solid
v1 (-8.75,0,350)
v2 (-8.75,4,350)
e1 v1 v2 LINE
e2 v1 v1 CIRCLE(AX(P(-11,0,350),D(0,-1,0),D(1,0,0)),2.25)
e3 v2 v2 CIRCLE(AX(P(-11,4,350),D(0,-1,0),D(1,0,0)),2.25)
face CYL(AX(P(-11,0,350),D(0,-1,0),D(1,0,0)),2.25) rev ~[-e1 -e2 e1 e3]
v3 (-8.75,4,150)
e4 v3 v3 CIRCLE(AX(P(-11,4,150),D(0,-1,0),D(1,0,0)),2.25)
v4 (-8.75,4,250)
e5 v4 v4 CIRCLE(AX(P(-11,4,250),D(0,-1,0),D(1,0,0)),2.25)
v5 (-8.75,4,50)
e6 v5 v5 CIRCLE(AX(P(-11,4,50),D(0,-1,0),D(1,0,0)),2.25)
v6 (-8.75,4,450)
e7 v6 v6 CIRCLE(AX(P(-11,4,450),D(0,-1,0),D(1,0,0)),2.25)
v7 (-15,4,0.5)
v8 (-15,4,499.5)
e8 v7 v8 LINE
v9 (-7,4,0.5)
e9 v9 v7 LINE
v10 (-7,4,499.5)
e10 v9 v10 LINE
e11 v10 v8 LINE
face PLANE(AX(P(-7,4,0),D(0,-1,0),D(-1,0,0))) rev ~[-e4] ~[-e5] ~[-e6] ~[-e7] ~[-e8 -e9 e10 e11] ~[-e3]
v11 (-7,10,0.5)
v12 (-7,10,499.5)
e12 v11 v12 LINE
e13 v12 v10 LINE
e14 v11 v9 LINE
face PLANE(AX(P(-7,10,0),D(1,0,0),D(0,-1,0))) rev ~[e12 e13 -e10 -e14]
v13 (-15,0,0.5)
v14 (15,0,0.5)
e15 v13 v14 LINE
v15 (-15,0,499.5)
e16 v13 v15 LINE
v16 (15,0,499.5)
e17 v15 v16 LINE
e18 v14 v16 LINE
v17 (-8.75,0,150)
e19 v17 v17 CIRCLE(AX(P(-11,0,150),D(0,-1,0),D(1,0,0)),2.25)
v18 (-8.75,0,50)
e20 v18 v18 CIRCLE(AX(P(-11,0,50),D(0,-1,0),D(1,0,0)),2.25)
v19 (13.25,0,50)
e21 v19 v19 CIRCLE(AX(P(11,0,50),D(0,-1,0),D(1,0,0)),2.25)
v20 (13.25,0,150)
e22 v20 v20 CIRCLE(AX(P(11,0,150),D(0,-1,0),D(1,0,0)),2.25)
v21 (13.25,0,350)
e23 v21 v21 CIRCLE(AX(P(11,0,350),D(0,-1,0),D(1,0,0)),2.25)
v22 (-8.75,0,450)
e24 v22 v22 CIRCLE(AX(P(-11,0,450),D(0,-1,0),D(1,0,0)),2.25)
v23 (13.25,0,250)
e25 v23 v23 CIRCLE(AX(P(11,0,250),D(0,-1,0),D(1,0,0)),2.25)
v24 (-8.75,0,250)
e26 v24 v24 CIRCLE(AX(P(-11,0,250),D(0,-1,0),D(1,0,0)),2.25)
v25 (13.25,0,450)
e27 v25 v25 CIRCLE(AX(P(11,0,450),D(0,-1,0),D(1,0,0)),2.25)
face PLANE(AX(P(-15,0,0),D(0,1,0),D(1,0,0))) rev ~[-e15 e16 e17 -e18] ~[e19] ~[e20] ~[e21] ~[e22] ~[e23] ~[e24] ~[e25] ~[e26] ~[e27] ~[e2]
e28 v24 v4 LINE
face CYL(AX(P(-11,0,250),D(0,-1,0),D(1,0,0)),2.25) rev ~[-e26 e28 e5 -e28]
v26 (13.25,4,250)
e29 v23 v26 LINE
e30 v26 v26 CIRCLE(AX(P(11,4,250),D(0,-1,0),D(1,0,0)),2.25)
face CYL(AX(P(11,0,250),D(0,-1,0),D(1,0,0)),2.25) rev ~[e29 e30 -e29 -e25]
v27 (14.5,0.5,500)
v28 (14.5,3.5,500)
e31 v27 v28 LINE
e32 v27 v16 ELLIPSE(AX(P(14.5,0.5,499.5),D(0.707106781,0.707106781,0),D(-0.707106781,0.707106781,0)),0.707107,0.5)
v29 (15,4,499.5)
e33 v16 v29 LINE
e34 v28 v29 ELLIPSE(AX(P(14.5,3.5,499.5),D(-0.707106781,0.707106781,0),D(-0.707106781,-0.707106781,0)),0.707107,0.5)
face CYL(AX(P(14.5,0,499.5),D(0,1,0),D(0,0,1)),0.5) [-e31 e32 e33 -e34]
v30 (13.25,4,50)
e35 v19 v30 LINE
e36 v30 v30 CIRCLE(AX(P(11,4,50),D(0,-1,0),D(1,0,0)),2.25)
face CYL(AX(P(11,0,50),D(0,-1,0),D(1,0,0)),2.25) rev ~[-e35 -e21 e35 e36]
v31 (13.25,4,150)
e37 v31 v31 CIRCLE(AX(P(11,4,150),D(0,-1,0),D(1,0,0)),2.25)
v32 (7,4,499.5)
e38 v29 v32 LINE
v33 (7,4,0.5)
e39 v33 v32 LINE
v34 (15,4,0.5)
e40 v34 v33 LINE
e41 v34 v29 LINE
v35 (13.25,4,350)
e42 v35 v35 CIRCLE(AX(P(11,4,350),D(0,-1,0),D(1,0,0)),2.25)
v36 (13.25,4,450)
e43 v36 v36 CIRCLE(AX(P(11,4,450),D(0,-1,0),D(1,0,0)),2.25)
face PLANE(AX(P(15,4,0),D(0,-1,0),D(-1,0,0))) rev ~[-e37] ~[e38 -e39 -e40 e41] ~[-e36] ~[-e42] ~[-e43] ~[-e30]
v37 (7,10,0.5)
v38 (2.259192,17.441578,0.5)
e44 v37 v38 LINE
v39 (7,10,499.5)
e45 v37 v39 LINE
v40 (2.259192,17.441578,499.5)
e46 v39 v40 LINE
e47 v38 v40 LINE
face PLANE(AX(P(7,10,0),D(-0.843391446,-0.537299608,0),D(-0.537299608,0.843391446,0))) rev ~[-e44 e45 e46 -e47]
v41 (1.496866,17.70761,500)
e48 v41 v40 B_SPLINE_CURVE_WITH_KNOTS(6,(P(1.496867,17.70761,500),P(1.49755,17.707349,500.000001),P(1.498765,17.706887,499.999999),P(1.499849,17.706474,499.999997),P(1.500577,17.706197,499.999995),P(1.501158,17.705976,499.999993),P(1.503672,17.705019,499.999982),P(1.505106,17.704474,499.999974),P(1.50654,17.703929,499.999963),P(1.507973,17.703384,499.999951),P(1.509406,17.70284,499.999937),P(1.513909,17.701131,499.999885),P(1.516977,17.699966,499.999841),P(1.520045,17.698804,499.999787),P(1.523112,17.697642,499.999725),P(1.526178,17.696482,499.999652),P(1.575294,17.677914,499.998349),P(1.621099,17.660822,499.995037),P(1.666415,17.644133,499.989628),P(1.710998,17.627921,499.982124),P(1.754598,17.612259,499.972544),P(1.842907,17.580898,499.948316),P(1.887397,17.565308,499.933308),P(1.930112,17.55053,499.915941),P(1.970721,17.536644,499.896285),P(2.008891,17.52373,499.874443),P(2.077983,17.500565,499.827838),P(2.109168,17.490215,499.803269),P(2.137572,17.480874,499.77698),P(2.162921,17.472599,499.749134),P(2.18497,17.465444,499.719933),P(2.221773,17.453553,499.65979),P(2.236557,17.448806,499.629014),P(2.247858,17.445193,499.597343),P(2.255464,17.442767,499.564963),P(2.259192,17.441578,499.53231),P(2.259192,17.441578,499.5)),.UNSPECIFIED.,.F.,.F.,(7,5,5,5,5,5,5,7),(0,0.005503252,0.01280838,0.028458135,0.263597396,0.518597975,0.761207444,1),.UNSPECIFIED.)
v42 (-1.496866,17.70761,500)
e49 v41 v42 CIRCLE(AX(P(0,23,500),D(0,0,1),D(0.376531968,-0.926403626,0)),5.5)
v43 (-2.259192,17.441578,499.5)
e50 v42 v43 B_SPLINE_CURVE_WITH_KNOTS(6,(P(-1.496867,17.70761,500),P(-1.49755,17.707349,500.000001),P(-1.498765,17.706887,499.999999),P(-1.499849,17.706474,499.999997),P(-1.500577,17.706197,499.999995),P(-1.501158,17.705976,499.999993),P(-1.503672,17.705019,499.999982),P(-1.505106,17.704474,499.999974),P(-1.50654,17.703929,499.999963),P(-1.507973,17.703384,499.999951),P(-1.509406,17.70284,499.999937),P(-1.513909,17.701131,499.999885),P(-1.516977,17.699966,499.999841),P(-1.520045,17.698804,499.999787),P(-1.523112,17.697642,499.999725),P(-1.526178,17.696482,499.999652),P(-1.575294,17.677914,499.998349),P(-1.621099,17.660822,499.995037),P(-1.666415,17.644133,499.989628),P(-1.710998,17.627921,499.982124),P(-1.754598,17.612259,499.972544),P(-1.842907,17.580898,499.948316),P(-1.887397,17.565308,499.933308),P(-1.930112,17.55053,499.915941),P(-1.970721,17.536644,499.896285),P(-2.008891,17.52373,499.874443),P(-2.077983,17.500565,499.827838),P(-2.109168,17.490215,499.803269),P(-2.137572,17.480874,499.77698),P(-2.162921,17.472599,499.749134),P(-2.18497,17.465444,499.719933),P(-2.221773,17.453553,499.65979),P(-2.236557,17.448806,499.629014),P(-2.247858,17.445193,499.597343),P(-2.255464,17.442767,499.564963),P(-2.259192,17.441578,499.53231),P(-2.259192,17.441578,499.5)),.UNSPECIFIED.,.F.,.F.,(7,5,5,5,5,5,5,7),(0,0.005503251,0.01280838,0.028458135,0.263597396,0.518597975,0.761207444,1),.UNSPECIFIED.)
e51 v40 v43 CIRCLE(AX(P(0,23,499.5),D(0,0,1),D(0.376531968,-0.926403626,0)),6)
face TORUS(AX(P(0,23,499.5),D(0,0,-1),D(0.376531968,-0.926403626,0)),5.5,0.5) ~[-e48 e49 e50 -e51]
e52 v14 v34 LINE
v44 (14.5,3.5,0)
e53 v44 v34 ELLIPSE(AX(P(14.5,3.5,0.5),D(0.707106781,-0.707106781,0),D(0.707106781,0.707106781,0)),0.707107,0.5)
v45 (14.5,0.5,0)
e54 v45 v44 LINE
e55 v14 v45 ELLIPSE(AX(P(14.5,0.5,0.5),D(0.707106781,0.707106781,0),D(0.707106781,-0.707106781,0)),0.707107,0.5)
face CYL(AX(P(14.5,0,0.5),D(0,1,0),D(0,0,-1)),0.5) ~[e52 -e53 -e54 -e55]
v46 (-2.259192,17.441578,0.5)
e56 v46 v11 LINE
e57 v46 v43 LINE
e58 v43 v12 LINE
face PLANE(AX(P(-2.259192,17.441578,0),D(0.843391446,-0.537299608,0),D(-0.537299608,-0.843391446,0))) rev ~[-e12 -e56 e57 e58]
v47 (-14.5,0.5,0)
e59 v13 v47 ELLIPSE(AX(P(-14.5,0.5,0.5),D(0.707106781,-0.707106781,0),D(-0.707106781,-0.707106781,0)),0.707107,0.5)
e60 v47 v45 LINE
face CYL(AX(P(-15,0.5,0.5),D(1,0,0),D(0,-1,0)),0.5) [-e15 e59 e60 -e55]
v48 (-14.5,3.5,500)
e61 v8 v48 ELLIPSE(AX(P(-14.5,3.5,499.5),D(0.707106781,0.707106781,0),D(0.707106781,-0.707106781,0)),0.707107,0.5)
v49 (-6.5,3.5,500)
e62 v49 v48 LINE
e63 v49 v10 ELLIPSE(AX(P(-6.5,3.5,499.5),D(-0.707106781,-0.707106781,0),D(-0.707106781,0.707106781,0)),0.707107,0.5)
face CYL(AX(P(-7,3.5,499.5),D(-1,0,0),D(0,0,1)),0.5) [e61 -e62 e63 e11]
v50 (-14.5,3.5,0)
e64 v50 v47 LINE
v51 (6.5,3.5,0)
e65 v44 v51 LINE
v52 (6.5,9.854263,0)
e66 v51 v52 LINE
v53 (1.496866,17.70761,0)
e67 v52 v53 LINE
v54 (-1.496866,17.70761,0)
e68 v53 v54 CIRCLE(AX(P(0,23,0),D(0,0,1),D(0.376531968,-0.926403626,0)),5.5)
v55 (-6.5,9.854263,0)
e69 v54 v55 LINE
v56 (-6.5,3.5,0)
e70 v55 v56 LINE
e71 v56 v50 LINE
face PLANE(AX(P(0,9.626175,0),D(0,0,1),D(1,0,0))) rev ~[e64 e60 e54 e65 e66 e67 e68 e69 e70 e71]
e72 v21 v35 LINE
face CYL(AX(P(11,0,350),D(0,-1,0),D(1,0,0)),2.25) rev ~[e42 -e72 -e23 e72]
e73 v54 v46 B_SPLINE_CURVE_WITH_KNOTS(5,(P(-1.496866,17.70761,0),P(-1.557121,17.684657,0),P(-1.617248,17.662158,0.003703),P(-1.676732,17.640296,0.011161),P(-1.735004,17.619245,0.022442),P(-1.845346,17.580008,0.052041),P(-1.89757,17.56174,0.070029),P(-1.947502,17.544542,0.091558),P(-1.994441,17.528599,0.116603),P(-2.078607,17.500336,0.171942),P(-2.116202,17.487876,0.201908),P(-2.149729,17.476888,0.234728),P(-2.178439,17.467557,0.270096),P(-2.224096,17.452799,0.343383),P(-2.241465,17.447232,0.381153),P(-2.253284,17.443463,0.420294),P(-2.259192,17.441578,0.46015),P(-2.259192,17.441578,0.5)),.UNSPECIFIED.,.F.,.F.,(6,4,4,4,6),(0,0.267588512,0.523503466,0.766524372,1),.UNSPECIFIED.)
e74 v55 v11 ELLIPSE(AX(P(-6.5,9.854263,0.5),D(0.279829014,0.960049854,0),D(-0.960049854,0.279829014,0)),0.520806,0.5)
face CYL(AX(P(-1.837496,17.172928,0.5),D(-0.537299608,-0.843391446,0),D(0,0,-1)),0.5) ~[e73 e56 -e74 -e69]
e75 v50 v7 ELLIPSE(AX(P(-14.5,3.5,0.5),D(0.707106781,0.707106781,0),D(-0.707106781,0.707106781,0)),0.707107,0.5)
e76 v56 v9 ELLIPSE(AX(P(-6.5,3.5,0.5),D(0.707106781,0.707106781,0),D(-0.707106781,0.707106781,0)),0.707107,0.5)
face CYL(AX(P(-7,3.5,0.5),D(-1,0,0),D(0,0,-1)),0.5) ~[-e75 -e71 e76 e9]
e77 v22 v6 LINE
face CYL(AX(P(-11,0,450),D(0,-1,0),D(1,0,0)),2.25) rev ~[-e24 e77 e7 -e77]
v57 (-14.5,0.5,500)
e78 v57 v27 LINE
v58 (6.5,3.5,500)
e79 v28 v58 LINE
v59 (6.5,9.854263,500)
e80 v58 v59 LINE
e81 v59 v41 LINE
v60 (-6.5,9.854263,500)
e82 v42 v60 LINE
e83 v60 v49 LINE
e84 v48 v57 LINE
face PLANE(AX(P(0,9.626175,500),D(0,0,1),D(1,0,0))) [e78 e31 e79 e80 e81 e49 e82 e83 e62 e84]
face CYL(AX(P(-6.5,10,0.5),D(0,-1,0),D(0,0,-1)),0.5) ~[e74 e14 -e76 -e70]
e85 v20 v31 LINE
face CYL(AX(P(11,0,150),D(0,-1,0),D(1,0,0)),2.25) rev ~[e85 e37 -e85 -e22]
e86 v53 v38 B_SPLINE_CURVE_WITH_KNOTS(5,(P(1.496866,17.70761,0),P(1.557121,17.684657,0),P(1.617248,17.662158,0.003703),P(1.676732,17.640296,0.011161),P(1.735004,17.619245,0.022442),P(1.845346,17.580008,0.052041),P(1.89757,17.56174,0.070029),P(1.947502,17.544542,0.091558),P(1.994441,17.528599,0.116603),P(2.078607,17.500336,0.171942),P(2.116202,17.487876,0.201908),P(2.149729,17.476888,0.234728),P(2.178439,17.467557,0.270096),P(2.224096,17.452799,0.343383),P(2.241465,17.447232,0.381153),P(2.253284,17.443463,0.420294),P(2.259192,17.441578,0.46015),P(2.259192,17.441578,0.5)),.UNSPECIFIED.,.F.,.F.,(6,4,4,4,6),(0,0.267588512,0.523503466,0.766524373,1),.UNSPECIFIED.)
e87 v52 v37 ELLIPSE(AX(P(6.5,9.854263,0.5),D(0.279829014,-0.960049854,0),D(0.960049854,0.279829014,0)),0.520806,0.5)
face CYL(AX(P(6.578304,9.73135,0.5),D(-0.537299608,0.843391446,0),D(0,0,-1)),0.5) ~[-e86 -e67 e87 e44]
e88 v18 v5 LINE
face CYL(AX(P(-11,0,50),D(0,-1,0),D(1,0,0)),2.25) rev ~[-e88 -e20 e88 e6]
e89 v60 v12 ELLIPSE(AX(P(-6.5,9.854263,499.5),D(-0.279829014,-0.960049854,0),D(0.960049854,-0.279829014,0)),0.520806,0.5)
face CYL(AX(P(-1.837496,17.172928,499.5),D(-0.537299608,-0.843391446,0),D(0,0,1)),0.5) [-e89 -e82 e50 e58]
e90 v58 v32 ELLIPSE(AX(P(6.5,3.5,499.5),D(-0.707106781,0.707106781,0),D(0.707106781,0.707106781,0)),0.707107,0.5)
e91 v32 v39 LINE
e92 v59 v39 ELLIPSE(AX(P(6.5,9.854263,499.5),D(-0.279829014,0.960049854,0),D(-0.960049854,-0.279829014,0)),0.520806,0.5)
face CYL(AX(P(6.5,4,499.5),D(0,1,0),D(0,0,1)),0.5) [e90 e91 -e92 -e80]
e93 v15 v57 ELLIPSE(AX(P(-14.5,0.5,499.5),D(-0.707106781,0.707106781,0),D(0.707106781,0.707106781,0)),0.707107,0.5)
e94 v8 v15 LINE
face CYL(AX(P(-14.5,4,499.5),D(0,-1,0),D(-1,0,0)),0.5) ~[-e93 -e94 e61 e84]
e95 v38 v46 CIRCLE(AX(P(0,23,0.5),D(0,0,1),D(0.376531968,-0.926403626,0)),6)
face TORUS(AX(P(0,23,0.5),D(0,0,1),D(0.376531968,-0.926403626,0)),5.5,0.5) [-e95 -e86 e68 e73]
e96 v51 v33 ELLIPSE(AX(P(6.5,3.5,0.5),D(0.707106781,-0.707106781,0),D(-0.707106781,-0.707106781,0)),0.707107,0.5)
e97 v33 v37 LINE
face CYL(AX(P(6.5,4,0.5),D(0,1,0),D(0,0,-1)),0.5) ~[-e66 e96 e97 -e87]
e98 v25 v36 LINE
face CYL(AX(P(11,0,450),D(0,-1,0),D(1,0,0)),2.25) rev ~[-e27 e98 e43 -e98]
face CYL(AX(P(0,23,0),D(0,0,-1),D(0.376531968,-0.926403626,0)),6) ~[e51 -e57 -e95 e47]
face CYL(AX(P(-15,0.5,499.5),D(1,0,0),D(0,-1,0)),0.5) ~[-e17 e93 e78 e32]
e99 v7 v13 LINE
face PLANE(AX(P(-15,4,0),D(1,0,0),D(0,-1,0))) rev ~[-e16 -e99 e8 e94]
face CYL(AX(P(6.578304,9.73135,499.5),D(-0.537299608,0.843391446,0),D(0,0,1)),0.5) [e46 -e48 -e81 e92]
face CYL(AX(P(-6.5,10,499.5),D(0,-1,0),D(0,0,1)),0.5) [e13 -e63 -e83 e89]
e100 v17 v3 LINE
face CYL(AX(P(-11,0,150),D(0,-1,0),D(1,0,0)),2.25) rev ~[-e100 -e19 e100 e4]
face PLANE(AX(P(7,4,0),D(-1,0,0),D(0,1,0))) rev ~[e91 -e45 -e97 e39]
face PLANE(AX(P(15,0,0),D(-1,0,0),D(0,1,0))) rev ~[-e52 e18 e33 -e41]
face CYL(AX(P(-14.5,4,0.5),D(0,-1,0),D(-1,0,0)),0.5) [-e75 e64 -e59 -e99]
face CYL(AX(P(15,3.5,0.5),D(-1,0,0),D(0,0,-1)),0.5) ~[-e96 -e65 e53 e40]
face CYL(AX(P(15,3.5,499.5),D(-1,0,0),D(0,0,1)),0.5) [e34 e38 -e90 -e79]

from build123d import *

# Parameters (mm, degrees)
BOSS_EXTRUDE1_DEPTH  = 500
SKETCH2_R            = 2.25
CUT_EXTRUDE1_DEPTH   = 502.06486606
LPATTERN1_COUNT      = 5
LPATTERN1_PITCH      = 100
LPATTERN1_COUNT_DIR2 = 2
LPATTERN1_PITCH_DIR2 = 22
FILLET1_R            = 0.5


with BuildPart() as part:
    # Sketch1 → Boss-Extrude1 (new body)
    with BuildSketch(Plane.XY):
        with BuildLine():
            Line((-15, 0), (15, 0))
            Line((15, 0), (15, 4))
            Line((15, 4), (7, 4))
            Line((7, 4), (7, 10))
            Line((7, 10), (2.259191805, 17.441578247))
            ThreePointArc((2.259191805, 17.441578247), (0, 29), (-2.259191805, 17.441578247))
            Line((-2.259191805, 17.441578247), (-7, 10))
            Line((-7, 10), (-7, 4))
            Line((-7, 4), (-15, 4))
            Line((-15, 4), (-15, 0))
        make_face()
    extrude(amount=BOSS_EXTRUDE1_DEPTH)

    # Sketch2 → Cut-Extrude1 (cut, through all)
    with BuildSketch(Plane.XZ):
        with Locations((-11, 50)):
            Circle(SKETCH2_R)
    cut_extrude1 = extrude(amount=-CUT_EXTRUDE1_DEPTH, mode=Mode.SUBTRACT)

    # LPattern1: Cut-Extrude1 5 × 2
    with Locations(*[(j * LPATTERN1_PITCH_DIR2, 0, i * LPATTERN1_PITCH) for i in range(LPATTERN1_COUNT) for j in range(LPATTERN1_COUNT_DIR2) if (i, j) != (0, 0)]):
        add(cut_extrude1, mode=Mode.SUBTRACT)

    # Fillet1
    fillet1_edges = [part.edges().sort_by_distance(p)[0] for p in [
        (-11, 4, 0),
        (-15, 2, 0),
        (0, 0, 0),
        (15, 2, 0),
        (11, 4, 0),
        (7, 7, 0),
        (4.629595903, 13.720789123, 0),
        (0, 29, 500),
        (0, 29, 0),
        (-4.629595903, 13.720789123, 0),
        (-7, 7, 0),
        (4.629595903, 13.720789123, 500),
        (7, 7, 500),
        (11, 4, 500),
        (15, 2, 500),
        (0, 0, 500),
        (-15, 2, 500),
        (-11, 4, 500),
        (-7, 7, 500),
        (-4.629595903, 13.720789123, 500),
    ]]
    fillet(fillet1_edges, radius=FILLET1_R)


solid = part.part
